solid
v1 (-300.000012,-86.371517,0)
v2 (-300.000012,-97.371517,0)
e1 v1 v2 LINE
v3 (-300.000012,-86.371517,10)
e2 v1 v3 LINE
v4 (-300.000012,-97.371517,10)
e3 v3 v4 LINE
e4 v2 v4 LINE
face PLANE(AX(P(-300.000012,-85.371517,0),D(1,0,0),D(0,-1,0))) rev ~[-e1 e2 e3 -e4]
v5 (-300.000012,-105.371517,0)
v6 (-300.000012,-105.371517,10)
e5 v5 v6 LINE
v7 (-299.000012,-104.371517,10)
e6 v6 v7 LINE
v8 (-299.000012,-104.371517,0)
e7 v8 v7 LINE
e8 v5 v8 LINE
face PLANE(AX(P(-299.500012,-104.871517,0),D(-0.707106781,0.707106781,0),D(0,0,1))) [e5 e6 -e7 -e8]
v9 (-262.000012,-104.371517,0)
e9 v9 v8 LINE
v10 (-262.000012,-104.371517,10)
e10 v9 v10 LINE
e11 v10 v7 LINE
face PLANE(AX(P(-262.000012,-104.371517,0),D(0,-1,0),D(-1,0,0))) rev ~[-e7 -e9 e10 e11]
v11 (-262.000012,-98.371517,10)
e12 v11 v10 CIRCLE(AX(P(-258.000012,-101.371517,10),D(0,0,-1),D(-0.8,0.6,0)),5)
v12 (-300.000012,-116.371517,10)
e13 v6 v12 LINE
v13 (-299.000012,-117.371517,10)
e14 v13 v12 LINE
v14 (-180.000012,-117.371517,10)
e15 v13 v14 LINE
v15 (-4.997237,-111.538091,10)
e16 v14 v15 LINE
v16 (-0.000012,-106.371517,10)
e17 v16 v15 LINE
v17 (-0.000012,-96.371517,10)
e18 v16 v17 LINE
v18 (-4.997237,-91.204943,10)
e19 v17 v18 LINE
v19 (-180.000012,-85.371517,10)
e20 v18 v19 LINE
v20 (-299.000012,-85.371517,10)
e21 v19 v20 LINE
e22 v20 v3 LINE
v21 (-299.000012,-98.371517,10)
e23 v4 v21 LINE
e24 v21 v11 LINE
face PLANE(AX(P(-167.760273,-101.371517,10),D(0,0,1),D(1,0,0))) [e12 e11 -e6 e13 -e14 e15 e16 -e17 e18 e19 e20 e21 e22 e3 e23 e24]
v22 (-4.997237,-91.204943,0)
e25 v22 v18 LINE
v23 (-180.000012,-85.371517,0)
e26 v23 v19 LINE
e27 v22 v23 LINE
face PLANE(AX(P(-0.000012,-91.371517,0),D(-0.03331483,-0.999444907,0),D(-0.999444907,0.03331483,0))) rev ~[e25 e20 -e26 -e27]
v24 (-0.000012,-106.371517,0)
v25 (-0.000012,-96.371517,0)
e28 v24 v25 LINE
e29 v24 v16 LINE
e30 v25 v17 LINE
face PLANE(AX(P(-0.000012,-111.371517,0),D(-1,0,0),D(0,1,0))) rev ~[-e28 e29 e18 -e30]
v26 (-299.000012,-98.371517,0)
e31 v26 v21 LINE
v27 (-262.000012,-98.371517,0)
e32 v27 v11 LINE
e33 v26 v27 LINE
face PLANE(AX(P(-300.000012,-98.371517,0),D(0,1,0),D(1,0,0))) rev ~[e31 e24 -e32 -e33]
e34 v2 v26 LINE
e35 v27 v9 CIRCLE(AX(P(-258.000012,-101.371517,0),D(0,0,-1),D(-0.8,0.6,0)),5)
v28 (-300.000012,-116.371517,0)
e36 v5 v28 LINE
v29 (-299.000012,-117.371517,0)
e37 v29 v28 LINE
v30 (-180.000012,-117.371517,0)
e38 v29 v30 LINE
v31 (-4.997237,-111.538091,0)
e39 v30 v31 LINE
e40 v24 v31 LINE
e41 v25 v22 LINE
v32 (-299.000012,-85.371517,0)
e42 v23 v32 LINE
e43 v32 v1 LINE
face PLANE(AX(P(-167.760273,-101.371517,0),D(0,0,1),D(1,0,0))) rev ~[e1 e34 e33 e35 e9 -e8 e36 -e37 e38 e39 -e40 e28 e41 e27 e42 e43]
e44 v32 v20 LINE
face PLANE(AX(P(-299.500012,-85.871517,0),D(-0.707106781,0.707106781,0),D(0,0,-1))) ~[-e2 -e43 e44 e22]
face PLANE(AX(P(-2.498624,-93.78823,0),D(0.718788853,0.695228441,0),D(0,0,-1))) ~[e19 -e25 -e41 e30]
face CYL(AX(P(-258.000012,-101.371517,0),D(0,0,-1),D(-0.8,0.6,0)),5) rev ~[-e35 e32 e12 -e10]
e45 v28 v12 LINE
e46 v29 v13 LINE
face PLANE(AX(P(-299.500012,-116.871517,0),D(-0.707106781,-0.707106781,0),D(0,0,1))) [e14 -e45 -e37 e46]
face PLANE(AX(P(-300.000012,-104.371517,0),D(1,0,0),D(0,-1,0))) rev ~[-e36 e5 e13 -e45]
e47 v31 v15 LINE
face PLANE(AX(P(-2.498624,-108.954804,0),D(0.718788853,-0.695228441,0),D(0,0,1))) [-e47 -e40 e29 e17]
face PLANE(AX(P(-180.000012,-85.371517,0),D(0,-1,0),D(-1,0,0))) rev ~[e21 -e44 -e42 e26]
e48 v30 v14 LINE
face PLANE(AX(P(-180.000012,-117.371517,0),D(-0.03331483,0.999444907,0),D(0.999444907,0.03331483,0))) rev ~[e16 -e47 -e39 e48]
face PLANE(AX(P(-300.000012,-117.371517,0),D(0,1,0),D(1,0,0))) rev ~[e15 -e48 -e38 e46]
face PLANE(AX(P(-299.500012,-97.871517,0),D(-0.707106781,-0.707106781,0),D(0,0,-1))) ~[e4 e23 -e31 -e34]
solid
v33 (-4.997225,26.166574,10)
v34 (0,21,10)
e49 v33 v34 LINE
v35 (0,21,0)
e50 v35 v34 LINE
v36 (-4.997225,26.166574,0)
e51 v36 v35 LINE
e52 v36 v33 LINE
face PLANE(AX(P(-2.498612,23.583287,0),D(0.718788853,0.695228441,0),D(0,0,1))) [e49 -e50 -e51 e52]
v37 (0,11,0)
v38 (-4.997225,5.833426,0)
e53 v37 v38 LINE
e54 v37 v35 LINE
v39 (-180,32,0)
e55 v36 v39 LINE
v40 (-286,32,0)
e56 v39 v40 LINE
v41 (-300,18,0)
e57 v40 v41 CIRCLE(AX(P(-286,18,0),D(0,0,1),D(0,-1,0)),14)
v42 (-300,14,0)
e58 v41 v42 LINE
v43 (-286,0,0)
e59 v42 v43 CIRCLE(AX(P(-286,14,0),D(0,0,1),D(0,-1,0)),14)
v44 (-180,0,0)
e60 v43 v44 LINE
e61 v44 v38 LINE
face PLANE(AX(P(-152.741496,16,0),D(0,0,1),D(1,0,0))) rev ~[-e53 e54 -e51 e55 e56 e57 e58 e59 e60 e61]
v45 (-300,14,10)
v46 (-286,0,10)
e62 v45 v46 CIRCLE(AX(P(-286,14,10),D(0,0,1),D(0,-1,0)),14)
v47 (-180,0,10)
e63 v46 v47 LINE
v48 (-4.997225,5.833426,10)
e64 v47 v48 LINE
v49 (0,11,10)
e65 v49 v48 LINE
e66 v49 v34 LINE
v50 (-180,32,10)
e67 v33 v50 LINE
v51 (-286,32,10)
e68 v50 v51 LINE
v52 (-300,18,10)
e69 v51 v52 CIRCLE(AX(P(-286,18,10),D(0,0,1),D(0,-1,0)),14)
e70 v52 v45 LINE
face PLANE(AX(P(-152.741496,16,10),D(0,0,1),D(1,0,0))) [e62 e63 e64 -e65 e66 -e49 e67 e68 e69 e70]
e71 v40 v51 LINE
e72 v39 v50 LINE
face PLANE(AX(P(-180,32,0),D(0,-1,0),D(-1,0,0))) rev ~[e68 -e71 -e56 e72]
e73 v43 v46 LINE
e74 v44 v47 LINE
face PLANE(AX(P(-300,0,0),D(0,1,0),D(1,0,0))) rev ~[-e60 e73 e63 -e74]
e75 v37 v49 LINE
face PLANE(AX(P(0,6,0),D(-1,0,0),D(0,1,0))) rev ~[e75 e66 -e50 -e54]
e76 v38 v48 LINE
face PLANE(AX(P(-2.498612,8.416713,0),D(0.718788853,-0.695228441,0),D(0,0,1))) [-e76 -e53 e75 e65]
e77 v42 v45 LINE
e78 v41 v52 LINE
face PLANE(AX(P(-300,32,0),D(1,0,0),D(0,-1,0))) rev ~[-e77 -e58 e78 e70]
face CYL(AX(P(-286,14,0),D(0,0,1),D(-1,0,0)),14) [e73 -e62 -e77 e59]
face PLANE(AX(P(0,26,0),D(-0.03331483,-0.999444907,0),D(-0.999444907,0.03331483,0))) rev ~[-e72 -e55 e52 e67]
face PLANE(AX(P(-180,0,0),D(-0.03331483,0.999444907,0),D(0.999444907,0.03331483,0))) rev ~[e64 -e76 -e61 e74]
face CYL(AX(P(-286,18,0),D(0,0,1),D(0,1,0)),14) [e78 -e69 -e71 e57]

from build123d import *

# Parameters (mm, degrees)
F1_DEPTH = 10
F2_R     = 14
F3_SIZE  = 5
F4_SIZE  = 1


with BuildPart() as f1:
    # F0 (on Top) → F1 (new body)
    with BuildSketch(Plane.XY):
        with BuildLine():
            Line((-1.2e-05, -111.371517), (-1.2e-05, -91.371517))
            Line((-1.2e-05, -91.371517), (-180.000012, -85.371517))
            Line((-180.000012, -85.371517), (-300.000012, -85.371517))
            Line((-300.000012, -85.371517), (-300.000012, -98.371517))
            Line((-300.000012, -98.371517), (-262.000012, -98.371517))
            ThreePointArc((-262.000012, -98.371517), (-253.000012, -101.371517), (-262.000012, -104.371517))
            Line((-262.000012, -104.371517), (-300.000012, -104.371517))
            Line((-300.000012, -104.371517), (-300.000012, -117.371517))
            Line((-300.000012, -117.371517), (-180.000012, -117.371517))
            Line((-180.000012, -117.371517), (-1.2e-05, -111.371517))
        make_face()
        Polygon((0, 6), (0, 26), (-180, 32), (-300, 32), (-300, 0), (-180, 0), align=None)
    extrude(amount=F1_DEPTH)

    # F2
    f2_edges = [f1.edges().sort_by_distance(p)[0] for p in [
        (-300, 32, 5),
        (-300, 0, 5),
    ]]
    fillet(f2_edges, radius=F2_R)

    # F3
    f3_edges = [f1.edges().sort_by_distance(p)[0] for p in [
        (0, 26, 5),
        (0, 6, 5),
        (-1.2e-05, -91.371517, 5),
        (-1.2e-05, -111.371517, 5),
    ]]
    chamfer(f3_edges, length=F3_SIZE)

    # F4
    f4_edges = [f1.edges().sort_by_distance(p)[0] for p in [
        (-300.000012, -85.371517, 5),
        (-300.000012, -98.371517, 5),
        (-300.000012, -104.371517, 5),
        (-300.000012, -117.371517, 5),
    ]]
    chamfer(f4_edges, length=F4_SIZE)


solid = f1.part
